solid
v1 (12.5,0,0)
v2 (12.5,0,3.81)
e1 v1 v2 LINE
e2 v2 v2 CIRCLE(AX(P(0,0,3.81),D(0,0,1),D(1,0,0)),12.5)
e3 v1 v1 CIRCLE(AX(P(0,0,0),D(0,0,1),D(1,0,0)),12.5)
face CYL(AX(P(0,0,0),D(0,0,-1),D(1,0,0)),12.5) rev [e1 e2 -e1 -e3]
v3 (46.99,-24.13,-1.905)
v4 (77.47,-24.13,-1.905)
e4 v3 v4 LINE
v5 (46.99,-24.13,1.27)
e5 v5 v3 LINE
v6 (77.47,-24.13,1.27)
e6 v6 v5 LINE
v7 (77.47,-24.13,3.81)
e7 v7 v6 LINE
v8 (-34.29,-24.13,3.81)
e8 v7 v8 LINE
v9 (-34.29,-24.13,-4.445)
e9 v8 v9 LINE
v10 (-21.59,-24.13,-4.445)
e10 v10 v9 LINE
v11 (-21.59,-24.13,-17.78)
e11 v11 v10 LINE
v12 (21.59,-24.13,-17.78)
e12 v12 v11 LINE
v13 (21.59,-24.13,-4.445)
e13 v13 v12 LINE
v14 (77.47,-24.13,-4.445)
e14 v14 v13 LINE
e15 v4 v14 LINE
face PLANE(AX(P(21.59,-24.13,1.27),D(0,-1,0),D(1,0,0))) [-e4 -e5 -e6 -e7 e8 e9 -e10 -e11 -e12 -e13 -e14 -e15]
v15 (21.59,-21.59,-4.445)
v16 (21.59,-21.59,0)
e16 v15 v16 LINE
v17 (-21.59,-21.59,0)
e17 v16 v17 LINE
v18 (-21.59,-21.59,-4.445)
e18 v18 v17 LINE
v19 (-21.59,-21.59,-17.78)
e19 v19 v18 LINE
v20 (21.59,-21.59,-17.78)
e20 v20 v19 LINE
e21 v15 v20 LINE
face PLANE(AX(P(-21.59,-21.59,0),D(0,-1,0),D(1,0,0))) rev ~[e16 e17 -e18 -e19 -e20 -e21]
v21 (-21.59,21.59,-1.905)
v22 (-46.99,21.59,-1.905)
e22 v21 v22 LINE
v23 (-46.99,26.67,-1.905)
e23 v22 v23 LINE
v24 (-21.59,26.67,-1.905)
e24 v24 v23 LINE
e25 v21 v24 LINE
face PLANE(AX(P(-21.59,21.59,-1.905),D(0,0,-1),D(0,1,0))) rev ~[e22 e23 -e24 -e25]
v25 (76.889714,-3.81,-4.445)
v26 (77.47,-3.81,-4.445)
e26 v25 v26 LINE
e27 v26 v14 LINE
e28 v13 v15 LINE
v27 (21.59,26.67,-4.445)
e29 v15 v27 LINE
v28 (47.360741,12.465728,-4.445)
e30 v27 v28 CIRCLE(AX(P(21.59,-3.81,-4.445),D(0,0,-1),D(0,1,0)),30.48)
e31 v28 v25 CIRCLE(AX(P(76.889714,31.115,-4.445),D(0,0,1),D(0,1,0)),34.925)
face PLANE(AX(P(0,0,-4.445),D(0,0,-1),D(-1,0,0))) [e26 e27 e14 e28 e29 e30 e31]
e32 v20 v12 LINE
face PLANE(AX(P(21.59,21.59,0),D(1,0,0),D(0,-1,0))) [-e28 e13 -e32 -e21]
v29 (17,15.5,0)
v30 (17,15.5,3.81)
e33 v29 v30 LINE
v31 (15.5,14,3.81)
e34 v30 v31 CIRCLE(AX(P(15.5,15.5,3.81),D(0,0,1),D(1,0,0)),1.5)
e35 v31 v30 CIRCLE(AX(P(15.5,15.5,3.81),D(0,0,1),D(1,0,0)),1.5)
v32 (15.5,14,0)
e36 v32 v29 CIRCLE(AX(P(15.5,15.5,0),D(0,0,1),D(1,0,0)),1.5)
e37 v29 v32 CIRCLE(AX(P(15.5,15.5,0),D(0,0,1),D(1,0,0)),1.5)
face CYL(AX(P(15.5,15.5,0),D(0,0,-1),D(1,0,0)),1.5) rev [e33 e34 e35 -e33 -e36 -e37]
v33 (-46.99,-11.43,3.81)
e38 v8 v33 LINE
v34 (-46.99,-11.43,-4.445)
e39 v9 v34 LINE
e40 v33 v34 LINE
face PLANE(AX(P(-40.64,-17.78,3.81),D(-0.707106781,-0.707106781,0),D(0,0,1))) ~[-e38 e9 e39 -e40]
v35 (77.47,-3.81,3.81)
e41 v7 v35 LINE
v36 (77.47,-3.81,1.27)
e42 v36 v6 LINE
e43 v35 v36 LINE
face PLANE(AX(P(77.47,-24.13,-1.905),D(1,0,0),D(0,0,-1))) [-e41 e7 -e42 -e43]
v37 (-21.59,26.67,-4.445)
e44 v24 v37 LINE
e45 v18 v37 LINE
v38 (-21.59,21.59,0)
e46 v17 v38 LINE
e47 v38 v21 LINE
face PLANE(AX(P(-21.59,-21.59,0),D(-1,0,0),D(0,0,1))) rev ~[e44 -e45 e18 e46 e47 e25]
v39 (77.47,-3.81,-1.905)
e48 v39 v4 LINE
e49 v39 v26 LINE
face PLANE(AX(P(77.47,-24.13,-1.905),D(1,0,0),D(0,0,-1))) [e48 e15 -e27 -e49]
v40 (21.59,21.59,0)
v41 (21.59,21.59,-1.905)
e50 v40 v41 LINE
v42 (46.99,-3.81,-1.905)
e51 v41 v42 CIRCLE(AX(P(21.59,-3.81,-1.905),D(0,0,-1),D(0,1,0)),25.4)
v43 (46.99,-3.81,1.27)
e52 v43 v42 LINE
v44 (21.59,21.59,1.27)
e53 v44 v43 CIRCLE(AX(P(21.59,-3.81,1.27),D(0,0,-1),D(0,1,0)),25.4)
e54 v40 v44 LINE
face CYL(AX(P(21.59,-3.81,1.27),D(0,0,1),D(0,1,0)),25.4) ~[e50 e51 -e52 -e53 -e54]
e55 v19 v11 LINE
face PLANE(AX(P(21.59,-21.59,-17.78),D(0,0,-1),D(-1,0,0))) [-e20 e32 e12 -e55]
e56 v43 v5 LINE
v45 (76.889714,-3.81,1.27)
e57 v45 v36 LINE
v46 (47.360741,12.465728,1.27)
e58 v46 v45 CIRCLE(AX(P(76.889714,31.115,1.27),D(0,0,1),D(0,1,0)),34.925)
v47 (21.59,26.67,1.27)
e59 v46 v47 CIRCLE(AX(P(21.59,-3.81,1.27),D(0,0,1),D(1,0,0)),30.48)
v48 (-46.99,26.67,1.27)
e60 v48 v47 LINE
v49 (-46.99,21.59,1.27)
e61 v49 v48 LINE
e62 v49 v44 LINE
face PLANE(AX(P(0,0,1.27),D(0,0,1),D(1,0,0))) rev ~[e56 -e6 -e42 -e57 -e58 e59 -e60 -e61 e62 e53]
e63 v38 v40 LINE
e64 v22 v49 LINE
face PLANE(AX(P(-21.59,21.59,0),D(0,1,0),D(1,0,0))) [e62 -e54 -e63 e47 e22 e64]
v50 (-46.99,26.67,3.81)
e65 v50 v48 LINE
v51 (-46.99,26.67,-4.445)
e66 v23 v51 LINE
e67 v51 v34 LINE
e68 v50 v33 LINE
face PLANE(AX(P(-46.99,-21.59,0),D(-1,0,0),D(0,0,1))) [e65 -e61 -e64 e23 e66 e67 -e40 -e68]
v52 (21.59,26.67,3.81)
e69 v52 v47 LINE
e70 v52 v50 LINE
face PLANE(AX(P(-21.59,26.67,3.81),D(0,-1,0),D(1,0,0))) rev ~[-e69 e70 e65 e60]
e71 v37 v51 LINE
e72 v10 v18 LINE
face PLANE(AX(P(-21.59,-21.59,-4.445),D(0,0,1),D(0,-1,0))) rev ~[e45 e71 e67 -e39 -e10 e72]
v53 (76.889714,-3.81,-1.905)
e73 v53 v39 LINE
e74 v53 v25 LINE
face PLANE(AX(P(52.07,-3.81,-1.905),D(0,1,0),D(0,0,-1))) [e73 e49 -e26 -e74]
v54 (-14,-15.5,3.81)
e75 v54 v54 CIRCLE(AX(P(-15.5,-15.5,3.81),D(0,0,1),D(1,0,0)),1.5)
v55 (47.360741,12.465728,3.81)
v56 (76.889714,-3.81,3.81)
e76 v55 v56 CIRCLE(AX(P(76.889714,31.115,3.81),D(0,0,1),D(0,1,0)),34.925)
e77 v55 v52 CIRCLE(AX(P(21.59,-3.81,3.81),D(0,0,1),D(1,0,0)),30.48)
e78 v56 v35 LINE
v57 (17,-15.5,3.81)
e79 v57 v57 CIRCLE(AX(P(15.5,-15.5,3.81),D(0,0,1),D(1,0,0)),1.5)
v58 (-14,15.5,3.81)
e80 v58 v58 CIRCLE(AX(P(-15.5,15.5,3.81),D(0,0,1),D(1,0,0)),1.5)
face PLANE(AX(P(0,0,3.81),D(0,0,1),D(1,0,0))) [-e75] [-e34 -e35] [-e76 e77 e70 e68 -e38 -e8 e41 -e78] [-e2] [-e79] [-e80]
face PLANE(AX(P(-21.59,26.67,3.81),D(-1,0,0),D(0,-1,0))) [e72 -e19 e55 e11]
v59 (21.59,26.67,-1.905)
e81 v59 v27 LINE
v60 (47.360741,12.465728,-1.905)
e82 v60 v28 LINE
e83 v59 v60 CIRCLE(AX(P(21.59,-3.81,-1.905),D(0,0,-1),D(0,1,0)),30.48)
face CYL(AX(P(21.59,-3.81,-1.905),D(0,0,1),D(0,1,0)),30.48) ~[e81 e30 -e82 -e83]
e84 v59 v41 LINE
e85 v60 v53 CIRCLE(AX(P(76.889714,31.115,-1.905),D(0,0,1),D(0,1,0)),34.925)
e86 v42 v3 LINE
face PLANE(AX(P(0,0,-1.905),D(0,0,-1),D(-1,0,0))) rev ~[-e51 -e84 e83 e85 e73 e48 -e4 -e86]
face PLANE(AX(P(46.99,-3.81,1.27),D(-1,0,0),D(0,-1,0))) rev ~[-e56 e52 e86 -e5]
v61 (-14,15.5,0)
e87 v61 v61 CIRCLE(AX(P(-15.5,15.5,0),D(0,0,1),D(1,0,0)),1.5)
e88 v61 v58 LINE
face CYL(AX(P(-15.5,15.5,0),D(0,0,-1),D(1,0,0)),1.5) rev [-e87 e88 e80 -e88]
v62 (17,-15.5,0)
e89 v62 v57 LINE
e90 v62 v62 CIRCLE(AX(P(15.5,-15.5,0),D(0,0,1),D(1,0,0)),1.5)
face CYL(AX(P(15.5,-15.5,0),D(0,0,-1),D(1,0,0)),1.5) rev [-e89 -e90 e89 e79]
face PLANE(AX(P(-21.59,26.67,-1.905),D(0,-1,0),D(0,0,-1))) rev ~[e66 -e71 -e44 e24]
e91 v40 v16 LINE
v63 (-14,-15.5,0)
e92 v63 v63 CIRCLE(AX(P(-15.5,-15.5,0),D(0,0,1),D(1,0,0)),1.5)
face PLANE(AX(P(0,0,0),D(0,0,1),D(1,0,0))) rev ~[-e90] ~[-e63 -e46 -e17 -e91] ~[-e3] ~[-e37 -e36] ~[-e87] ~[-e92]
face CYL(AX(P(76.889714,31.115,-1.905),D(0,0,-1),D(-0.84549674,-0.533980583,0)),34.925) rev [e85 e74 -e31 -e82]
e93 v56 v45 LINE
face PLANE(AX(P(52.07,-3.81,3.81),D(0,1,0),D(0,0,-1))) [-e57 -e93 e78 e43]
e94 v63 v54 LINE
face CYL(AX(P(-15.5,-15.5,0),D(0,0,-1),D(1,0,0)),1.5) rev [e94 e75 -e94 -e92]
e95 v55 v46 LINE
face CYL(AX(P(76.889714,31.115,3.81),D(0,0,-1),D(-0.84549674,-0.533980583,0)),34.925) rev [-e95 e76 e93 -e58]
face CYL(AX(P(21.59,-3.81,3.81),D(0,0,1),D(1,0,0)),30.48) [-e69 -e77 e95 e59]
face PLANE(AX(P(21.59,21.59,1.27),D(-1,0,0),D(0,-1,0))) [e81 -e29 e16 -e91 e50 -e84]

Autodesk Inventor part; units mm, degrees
ref_plane "YZ Plane" through (0, 0, 0) normal (1, 0, 0) x (0, 1, 0)
ref_plane "XZ Plane" through (0, 0, 0) normal (0, 1, 0) x (-1, 0, 0)
ref_plane "XY Plane" through (0, 0, 0) normal (0, 0, 1) x (1, 0, 0)
sketch "Sketch1" plane through (0, 0, 0) normal (0, 0, 1) x (1, 0, 0)
  circle A0 centre (0, 0) radius 12.5
  line L0 (0, 0) -> (15.5, 0)
  line L1 (0, 0) -> (15.5, 0) construction
  line L2 (15.5, 0) -> (15.5, 15.5)
  circle A1 centre (15.5, 15.5) radius 1.5
  circle A2 centre (-15.5, 15.5) radius 1.5
  circle A3 centre (15.5, -15.5) radius 1.5
  circle A4 centre (-15.5, -15.5) radius 1.5
  line L3 (21.59, -21.59) -> (-21.59, -21.59)
  line L4 (-21.59, -21.59) -> (-21.59, 21.59)
  line L5 (-21.59, 21.59) -> (21.59, 21.59)
  line L6 (21.59, 21.59) -> (21.59, -21.59)
  line L7 (21.59, -21.59) -> (-21.59, 21.59) construction
  line L8 (-21.59, -21.59) -> (21.59, 21.59) construction
  dimension "d0" = 25
  dimension "d1" = 15.5
  dimension "d2" = 0
  dimension "d3" = 15.5
  dimension "d4" = 3
  dimension "d7" = 31
  dimension "d10" = 31
  dimension "d13" = 43.18
  dimension "d14" = 43.18
extrude "Extrusion1" add sketch "Sketch1" along normal blind 3.81
sketch "Sketch2" plane through (-21.59, -21.59, 0) normal (0, -1, 0) x (1, 0, 0)
  line L0 (0, 3.81) -> (43.18, 3.81) projected
  line L1 (0, 3.81) -> (43.18, 3.81)
  line L2 (43.18, 3.81) -> (43.18, -17.78)
  line L3 (43.18, -17.78) -> (0, -17.78)
  line L4 (0, -17.78) -> (0, 3.81)
  point P0 (21.59, 0)
  dimension "d17" = 21.59
extrude "Extrusion2" add sketch "Sketch2" along normal blind 2.54
sketch "Sketch3" plane through (0, 0, 3.81) normal (0, 0, 1) x (1, 0, 0)
  line L0 (-21.59, 21.59) -> (21.59, 21.59) projected
  circle A0 centre (0, 0) radius 12.5 projected
  circle A1 centre (-15.5, -15.5) radius 1.5 projected
  circle A2 centre (15.5, -15.5) radius 1.5 projected
  circle A3 centre (-15.5, 15.5) radius 1.5 projected
  circle A4 centre (15.5, 15.5) radius 1.5 projected
  line L1 (21.59, 21.59) -> (21.59, -24.13) projected
  line L2 (21.59, 21.59) -> (-21.59, 21.59) projected
  line L3 (-21.59, 21.59) -> (-21.59, -24.13) projected
  line L4 (21.59, -24.13) -> (-21.59, -24.13) projected
  line L5 (-21.59, 26.67) -> (21.59, 26.67)
  arc A5 (52.07, -3.81) -> (21.59, 26.67) centre (21.59, -3.81) ccw
  line L6 (52.07, -3.81) -> (52.07, -24.13)
  line L7 (-21.59, 26.67) -> (-21.59, 21.59)
  line L8 (-21.59, 21.59) -> (21.59, 21.59)
  line L9 (21.59, 21.59) -> (21.59, -21.59) projected
  line L10 (21.59, 21.59) -> (21.59, -24.13)
  line L11 (21.59, 21.59) -> (21.59, -24.13) projected
  line L12 (21.59, -24.13) -> (52.07, -24.13)
extrude "Extrusion3" add sketch "Sketch3" against normal blind 2.54 contours L7 L5 A5 L6 L12 L1 L0
sketch "Sketch4" plane through (0, 0, 1.27) normal (0, 0, -1) x (-1, 0, 0)
  line L0 (-21.59, 21.59) -> (-21.59, -24.13) projected
  line L1 (-21.59, -24.13) -> (-46.99, -24.13)
  arc A0 (-21.59, 26.67) -> (-52.07, -3.81) centre (-21.59, -3.81) ccw projected
  arc A1 (-21.59, 21.59) -> (-46.99, -3.81) centre (-21.59, -3.81) ccw
  line L2 (-46.99, -3.81) -> (-46.99, -24.13)
  line L3 (-21.59, 21.59) -> (-21.59, -24.13)
  line L4 (-21.59, 21.59) -> (-21.59, -24.13)
  line L5 (-21.59, -24.13) -> (-21.59, 21.59)
  point P0 (0, 0)
  dimension "d26" = 25.4
  dimension "d27" = 5.08
extrude "Extrusion4" add sketch "Sketch4" along normal blind 3.175
sketch "Sketch5" plane through (0, 0, -1.905) normal (0, 0, -1) x (-1, 0, 0)
  line L0 (-46.99, -24.13) -> (-46.99, -3.81) projected
  arc A0 (-21.59, 21.59) -> (-46.99, -3.81) centre (-21.59, -3.81) ccw projected
  line L1 (21.59, 21.59) -> (-21.59, 21.59) projected
  line L2 (21.59, 21.59) -> (21.59, 26.67) projected
  line L3 (21.59, 26.67) -> (-21.59, 26.67) projected
  arc A1 (-21.59, 26.67) -> (-52.07, -3.81) centre (-21.59, -3.81) ccw projected
  line L4 (-52.07, -3.81) -> (-52.07, -24.13) projected
  line L5 (-52.07, -24.13) -> (-46.99, -24.13) projected
  line L6 (-21.59, -21.59) -> (-21.59, -24.13) projected
  line L7 (-21.59, -21.59) -> (-21.59, 21.59) projected
  arc A2 (-21.59, 21.59) -> (-46.99, -3.81) centre (-21.59, -3.81) ccw projected
  line L8 (-46.99, -3.81) -> (-46.99, -24.13) projected
  line L9 (-46.99, -24.13) -> (-21.59, -24.13) projected
  line L10 (21.59, 21.59) -> (-21.59, 21.59) projected
  line L11 (-21.59, 21.59) -> (-21.59, 26.67)
  point P0 (0, 0)
extrude "Extrusion5" add sketch "Sketch5" along normal blind 2.54 contours L5 L4 A1 L11 A0 L0 | L0 A0 L7 L6 L9
sketch "Sketch6" plane through (-21.59, -21.59, 0) normal (-1, 0, 0) x (0, 0, 1)
  line L0 (0, 43.18) -> (0, 0) projected
  line L1 (0, 43.18) -> (-1.905, 43.18) projected
  line L2 (-1.905, 43.18) -> (-1.905, 48.26) projected
  line L3 (-1.905, 48.26) -> (-4.445, 48.26) projected
  line L4 (-4.445, 0) -> (-4.445, 48.26) projected
  line L5 (0, 0) -> (-4.445, 0) projected
  line L6 (1.27, 17.78) -> (1.27, 43.18) projected
  line L7 (0, 0) -> (0, 43.18) projected
  line L8 (-17.78, 0) -> (0, 0) projected
  line L9 (-17.78, 0) -> (-17.78, -2.54) projected
  line L10 (3.81, -2.54) -> (-17.78, -2.54) projected
  line L11 (3.81, 48.26) -> (3.81, -2.54) projected
  line L12 (3.81, 48.26) -> (1.27, 48.26) projected
  line L13 (1.27, 43.18) -> (1.27, 48.26) projected
  line L14 (0, 43.18) -> (1.27, 43.18) projected
  line L15 (-4.445, 0) -> (-17.78, 0) projected
  line L16 (-17.78, -2.54) -> (-4.445, -2.54) projected
  line L17 (-4.445, 0) -> (-4.445, -2.54)
  point P0 (0, 21.59)
extrude "Extrusion6" add sketch "Sketch6" along normal blind 25.4 contours L14 L13 L12 L11 L10 L17 L5 L0 | L0 L5 L4 L3 L2 L1
sketch "Sketch7" plane through (52.07, -24.13, -1.905) normal (1, 0, 0) x (0, 0, -1)
  line L0 (0, 20.32) -> (0, 0) projected
  line L1 (0, 0) -> (2.54, 0) projected
  line L2 (2.54, 20.32) -> (2.54, 0) projected
  line L3 (0, 20.32) -> (2.54, 20.32) projected
  line L4 (-5.715, 0) -> (-5.715, 20.32) projected
  line L5 (-5.715, 0) -> (-3.175, 0) projected
  line L6 (-3.175, 20.32) -> (-3.175, 0) projected
  line L7 (-5.715, 20.32) -> (-3.175, 20.32) projected
  point P0 (-1.905, 24.13)
extrude "Extrusion7" add sketch "Sketch7" along normal blind 25.4
fillet "Fillet1" radius 34.925 2 edges at (52.07, -3.81, 2.54) (52.07, -3.81, -3.175)
chamfer "Chamfer1" distance 12.7 angle 45 1 edges at (-46.99, -24.13, -0.3175)
properties part number "RemoteExtruderV4"
